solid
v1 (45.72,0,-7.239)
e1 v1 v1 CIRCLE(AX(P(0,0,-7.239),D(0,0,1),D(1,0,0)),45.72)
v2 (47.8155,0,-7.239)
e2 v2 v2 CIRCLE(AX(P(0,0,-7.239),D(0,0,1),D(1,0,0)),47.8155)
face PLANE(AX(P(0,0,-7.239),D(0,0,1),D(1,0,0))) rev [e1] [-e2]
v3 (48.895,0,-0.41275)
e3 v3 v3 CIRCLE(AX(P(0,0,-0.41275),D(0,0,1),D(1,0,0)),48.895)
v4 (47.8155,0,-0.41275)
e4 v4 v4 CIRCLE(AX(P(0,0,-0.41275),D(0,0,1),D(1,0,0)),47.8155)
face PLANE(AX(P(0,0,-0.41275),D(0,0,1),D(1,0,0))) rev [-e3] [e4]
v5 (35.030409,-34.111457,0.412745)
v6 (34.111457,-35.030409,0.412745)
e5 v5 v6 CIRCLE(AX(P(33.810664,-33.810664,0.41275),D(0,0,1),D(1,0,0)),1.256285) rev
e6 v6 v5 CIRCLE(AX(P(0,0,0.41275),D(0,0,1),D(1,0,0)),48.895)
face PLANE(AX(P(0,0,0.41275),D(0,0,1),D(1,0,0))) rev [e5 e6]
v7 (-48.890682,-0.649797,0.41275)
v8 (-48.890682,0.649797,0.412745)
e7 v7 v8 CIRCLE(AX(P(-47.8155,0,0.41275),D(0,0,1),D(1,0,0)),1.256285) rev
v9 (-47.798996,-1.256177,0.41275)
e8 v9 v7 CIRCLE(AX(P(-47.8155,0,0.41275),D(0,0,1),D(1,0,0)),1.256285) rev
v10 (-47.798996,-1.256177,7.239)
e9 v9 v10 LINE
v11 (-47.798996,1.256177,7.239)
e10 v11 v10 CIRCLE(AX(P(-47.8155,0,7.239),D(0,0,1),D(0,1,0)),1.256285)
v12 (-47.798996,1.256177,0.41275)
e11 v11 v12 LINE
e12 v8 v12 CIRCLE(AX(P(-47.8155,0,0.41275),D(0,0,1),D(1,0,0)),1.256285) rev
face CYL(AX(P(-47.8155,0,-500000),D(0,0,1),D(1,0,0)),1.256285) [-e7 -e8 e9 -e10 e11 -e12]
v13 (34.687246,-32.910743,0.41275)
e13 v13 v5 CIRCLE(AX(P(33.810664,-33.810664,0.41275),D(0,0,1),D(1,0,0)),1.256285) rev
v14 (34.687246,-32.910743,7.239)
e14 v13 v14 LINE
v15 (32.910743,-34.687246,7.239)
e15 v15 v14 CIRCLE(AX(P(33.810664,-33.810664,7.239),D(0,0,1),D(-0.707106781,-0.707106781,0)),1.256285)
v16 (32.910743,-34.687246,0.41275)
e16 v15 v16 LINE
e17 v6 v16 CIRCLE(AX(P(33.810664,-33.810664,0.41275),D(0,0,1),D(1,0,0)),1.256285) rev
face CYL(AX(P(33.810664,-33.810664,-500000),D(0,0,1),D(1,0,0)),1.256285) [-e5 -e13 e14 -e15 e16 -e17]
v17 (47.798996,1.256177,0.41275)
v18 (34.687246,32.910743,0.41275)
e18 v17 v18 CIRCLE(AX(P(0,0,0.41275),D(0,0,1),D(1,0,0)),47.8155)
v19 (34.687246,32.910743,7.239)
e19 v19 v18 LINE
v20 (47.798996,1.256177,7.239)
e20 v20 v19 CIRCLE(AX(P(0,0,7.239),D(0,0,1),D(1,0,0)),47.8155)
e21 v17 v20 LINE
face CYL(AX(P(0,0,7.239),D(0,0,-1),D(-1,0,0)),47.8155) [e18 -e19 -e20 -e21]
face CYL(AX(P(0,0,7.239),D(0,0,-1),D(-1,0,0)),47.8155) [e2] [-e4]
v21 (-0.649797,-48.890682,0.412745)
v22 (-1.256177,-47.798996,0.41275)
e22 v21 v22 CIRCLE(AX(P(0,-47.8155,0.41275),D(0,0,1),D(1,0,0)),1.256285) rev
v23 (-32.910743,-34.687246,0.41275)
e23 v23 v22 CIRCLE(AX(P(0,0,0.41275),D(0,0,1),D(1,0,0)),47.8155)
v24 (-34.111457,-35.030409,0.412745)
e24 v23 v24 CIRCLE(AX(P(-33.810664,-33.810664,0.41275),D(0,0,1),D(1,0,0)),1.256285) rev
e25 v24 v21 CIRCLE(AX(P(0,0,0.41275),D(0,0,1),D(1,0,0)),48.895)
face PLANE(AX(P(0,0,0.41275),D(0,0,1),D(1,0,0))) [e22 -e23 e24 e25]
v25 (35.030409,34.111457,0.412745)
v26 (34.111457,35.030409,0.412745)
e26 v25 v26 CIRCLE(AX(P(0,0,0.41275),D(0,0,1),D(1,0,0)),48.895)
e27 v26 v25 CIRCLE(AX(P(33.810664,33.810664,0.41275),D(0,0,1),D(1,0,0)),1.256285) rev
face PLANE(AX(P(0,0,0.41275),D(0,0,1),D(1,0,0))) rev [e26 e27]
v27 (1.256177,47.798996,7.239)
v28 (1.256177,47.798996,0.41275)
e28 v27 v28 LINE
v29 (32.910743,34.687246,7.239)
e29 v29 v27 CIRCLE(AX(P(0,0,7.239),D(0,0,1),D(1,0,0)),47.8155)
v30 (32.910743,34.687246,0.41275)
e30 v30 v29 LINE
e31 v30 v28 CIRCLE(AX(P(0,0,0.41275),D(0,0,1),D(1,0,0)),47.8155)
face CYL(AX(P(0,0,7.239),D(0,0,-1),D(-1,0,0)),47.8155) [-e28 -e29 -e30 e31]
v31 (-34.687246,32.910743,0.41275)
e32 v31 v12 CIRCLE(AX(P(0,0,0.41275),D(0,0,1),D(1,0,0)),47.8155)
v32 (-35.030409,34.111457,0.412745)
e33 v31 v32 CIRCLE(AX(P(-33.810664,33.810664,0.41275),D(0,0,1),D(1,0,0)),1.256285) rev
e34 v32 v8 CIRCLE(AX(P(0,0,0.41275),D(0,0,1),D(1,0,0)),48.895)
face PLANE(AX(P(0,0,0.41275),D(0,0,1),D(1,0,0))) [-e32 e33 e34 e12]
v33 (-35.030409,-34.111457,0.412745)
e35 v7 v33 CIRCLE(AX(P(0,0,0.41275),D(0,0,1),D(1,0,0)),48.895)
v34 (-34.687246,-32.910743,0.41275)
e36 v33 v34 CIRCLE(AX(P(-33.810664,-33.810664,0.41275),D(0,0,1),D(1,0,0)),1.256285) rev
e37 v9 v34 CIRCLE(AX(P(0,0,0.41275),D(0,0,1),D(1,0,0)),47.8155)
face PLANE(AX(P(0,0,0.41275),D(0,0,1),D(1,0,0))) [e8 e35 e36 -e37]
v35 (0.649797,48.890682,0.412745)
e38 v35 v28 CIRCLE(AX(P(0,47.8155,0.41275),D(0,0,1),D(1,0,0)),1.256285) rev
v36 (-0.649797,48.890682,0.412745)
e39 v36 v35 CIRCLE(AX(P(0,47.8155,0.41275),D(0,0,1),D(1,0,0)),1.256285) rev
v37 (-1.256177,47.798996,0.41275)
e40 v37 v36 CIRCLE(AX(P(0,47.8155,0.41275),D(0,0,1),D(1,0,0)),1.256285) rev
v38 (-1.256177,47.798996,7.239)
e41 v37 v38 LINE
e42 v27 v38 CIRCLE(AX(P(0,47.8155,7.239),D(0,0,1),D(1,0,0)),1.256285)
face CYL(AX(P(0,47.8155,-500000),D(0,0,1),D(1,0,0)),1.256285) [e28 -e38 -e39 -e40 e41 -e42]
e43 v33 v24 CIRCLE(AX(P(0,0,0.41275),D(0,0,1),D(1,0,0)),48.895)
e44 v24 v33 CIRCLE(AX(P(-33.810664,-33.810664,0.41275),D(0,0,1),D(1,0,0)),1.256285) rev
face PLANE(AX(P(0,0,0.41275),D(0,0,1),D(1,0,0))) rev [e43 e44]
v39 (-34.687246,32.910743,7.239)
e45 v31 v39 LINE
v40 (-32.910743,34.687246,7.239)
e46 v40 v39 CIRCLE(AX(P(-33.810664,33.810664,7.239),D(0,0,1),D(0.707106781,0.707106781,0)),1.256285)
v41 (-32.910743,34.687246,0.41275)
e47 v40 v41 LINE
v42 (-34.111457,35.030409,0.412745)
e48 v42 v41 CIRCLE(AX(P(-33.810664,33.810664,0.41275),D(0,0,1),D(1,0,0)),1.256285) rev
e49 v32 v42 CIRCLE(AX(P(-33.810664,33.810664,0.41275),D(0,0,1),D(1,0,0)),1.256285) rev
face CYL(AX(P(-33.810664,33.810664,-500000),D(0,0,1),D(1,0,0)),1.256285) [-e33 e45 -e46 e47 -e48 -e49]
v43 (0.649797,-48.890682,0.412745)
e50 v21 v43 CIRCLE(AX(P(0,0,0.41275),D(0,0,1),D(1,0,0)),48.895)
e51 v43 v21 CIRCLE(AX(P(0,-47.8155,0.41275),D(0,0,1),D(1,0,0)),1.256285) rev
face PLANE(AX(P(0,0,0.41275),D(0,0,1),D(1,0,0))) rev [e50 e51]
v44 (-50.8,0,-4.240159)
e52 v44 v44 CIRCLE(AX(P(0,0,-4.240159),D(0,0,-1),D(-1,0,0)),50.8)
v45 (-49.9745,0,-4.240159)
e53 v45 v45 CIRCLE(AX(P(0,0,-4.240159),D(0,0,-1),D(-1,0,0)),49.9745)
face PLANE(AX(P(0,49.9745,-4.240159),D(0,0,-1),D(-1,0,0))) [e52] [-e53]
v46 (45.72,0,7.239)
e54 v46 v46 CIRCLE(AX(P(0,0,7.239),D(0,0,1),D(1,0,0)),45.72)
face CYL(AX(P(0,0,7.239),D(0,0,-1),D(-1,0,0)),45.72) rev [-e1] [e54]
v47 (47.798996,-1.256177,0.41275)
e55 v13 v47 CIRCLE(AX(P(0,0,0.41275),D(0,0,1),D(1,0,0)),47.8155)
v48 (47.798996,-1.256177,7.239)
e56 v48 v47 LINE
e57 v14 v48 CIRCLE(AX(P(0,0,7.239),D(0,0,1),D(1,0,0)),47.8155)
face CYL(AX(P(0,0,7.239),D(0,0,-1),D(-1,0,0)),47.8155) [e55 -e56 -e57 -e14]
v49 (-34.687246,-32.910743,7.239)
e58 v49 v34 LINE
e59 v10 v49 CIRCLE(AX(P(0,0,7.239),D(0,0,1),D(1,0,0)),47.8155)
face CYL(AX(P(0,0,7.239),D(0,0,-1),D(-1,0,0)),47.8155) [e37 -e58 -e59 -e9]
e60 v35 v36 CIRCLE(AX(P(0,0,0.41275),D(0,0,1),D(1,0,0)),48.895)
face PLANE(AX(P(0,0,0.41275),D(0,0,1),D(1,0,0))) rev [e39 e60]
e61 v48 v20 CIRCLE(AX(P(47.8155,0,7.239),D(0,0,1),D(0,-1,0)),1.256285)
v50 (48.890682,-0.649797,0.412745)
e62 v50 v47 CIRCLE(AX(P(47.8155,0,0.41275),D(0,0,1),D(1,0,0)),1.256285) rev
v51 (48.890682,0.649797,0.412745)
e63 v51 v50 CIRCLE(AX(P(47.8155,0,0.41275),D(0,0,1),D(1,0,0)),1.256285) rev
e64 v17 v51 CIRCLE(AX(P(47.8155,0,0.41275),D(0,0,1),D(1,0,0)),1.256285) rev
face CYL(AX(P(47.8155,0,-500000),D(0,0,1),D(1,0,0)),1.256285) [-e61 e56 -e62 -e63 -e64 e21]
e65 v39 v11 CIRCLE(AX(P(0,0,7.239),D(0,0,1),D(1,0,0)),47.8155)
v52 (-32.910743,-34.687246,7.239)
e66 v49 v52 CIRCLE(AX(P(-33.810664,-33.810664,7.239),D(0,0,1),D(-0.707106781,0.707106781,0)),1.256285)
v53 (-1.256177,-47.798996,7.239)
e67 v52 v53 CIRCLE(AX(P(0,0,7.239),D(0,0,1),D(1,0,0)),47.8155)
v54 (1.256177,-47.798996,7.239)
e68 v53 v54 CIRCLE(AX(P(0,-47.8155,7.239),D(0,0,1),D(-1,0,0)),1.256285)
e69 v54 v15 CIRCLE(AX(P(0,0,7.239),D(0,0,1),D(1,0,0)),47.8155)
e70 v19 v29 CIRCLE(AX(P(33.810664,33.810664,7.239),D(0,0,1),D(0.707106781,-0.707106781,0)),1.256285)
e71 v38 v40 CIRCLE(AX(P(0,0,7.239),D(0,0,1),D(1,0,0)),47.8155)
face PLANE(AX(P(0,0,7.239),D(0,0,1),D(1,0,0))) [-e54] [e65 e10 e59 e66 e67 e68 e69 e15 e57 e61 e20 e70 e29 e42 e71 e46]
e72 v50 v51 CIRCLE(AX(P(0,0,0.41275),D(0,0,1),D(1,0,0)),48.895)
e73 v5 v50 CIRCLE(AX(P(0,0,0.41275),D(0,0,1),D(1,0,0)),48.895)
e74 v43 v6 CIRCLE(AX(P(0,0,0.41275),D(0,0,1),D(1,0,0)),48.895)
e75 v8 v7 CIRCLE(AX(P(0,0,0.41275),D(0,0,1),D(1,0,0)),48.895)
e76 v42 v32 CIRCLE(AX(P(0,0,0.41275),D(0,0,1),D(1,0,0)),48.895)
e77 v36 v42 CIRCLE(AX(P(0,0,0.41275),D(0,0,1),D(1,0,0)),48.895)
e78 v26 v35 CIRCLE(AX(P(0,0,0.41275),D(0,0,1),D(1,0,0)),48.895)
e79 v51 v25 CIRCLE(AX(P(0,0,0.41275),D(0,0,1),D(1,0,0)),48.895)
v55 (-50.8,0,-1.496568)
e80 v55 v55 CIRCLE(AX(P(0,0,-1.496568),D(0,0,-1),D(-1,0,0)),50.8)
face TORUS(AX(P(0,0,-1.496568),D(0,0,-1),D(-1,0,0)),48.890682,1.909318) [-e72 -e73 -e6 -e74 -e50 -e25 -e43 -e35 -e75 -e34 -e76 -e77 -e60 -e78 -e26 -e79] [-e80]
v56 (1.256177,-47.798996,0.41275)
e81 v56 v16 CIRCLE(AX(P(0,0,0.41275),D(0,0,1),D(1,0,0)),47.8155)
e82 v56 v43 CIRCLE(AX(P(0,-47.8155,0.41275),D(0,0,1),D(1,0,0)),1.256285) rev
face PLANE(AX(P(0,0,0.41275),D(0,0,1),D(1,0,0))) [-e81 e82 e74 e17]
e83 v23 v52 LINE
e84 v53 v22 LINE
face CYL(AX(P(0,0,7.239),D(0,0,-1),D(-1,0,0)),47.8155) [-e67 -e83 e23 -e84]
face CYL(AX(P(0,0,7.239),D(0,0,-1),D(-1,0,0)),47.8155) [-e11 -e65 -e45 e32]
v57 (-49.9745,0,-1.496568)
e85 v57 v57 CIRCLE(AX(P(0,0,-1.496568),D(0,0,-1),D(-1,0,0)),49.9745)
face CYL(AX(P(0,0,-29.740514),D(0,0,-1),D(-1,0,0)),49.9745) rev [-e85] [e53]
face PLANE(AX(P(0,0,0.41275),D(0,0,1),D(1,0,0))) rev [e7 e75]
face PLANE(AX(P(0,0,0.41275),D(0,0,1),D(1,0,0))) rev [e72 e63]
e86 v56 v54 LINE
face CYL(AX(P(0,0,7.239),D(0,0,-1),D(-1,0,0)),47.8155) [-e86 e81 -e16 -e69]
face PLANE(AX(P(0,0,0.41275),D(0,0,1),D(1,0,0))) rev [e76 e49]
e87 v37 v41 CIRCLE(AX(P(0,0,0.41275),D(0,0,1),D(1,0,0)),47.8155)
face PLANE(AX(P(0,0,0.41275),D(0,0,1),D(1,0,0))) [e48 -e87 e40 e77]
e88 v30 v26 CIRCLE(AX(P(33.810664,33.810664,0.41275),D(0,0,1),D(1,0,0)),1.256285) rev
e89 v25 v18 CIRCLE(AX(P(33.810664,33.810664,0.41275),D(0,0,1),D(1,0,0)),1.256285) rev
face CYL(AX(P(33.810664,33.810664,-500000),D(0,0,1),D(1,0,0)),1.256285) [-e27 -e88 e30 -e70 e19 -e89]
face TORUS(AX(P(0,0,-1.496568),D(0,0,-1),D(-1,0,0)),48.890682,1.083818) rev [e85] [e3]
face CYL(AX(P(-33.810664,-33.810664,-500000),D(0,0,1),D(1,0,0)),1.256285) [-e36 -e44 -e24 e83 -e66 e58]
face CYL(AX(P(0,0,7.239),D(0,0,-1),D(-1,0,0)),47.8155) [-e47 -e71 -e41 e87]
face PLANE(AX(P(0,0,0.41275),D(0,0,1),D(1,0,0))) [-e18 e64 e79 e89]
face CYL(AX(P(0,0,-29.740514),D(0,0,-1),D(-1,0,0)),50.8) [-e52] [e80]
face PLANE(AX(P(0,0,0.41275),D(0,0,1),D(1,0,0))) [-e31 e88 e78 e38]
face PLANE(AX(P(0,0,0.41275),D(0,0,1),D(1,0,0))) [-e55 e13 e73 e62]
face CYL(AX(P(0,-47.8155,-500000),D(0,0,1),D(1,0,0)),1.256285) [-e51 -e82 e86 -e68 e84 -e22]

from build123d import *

# Parameters (mm, degrees)
SKETCH1_R           = 47.8155
SKETCH1_R_2         = 45.72
BOSS_EXTRUDE1_DEPTH = 7.239
SKETCH2_R           = 53.975
SKETCH2_R_2         = 47.8155
BOSS_EXTRUDE2_DEPTH = 0.41275
BOSS_EXTRUDE3_REACH = 79.693
SKETCH3_R           = 1.256285172
CIRPATTERN1_COUNT   = 8
MOVE_FACE1_BY       = 5.08


with BuildPart() as part:
    # Sketch1 → Boss-Extrude1 (new, symmetric)
    with BuildSketch(Plane.XY):
        Circle(SKETCH1_R)
        Circle(SKETCH1_R_2, mode=Mode.SUBTRACT)
    extrude(amount=BOSS_EXTRUDE1_DEPTH, both=True)

    # Sketch2 → Boss-Extrude2 (add, symmetric)
    with BuildSketch(Plane.XY):
        with Locations(Location((0, 0, 0), (0, 0, 180))):
            Circle(SKETCH2_R)
        Circle(SKETCH2_R_2, mode=Mode.SUBTRACT)
    extrude(amount=BOSS_EXTRUDE2_DEPTH, both=True)

    # Sketch3 → Boss-Extrude3 (add, up to next)
    with BuildSketch(Plane.XY.offset(7.239), mode=Mode.PRIVATE) as boss_extrude3_sk1:
        with Locations((0, 47.8155)):
            Circle(SKETCH3_R)
    boss_extrude3_tool1 = extrude(boss_extrude3_sk1.sketch, amount=-BOSS_EXTRUDE3_REACH, mode=Mode.PRIVATE) - part.part
    boss_extrude3 = boss_extrude3_tool1.solids().sort_by_distance((0, 47.8155, 7.239))[0]
    add(boss_extrude3)

    # CirPattern1: Boss-Extrude3 ×8 about axis
    cirpattern1_axis = Axis((0, 0, 0), (0, 0, 1))
    for i in range(1, CIRPATTERN1_COUNT):
        add(boss_extrude3.rotate(cirpattern1_axis, i * 360 / CIRPATTERN1_COUNT))

    # Move Face1: a curved face moved inward by 5.08
    add(Solid.thicken(part.faces().sort_by_distance((53.975, 0, 0))[0], -MOVE_FACE1_BY), mode=Mode.SUBTRACT)

    # Sketch4 → Revolve2 (revolve)
    with BuildSketch(Plane(origin=(0, 0, 0), x_dir=(0, 0, -1), z_dir=(1, 0, 0)), mode=Mode.PRIVATE) as revolve2_sk:
        with BuildLine():
            Line((-0.41275, 48.890682026), (0.41275, 48.890682026))
            ThreePointArc((0.41275, 48.890682026), (0.730192935, 49.657057065), (1.496567974, 49.9745))
            Line((1.496567974, 49.9745), (4.240158679, 49.9745))
            Line((4.240158679, 49.9745), (4.240158679, 50.8))
            Line((4.240158679, 50.8), (1.496567974, 50.8))
            ThreePointArc((1.496567974, 50.8), (0.146476287, 50.240773713), (-0.41275, 48.890682026))
        make_face()
    revolve(revolve2_sk.sketch.rotate(Axis((0, 0, -29.740513721), (0, 0, 1)), 90), axis=Axis((0, 0, -29.740513721), (0, 0, 1)))


solid = part.part
